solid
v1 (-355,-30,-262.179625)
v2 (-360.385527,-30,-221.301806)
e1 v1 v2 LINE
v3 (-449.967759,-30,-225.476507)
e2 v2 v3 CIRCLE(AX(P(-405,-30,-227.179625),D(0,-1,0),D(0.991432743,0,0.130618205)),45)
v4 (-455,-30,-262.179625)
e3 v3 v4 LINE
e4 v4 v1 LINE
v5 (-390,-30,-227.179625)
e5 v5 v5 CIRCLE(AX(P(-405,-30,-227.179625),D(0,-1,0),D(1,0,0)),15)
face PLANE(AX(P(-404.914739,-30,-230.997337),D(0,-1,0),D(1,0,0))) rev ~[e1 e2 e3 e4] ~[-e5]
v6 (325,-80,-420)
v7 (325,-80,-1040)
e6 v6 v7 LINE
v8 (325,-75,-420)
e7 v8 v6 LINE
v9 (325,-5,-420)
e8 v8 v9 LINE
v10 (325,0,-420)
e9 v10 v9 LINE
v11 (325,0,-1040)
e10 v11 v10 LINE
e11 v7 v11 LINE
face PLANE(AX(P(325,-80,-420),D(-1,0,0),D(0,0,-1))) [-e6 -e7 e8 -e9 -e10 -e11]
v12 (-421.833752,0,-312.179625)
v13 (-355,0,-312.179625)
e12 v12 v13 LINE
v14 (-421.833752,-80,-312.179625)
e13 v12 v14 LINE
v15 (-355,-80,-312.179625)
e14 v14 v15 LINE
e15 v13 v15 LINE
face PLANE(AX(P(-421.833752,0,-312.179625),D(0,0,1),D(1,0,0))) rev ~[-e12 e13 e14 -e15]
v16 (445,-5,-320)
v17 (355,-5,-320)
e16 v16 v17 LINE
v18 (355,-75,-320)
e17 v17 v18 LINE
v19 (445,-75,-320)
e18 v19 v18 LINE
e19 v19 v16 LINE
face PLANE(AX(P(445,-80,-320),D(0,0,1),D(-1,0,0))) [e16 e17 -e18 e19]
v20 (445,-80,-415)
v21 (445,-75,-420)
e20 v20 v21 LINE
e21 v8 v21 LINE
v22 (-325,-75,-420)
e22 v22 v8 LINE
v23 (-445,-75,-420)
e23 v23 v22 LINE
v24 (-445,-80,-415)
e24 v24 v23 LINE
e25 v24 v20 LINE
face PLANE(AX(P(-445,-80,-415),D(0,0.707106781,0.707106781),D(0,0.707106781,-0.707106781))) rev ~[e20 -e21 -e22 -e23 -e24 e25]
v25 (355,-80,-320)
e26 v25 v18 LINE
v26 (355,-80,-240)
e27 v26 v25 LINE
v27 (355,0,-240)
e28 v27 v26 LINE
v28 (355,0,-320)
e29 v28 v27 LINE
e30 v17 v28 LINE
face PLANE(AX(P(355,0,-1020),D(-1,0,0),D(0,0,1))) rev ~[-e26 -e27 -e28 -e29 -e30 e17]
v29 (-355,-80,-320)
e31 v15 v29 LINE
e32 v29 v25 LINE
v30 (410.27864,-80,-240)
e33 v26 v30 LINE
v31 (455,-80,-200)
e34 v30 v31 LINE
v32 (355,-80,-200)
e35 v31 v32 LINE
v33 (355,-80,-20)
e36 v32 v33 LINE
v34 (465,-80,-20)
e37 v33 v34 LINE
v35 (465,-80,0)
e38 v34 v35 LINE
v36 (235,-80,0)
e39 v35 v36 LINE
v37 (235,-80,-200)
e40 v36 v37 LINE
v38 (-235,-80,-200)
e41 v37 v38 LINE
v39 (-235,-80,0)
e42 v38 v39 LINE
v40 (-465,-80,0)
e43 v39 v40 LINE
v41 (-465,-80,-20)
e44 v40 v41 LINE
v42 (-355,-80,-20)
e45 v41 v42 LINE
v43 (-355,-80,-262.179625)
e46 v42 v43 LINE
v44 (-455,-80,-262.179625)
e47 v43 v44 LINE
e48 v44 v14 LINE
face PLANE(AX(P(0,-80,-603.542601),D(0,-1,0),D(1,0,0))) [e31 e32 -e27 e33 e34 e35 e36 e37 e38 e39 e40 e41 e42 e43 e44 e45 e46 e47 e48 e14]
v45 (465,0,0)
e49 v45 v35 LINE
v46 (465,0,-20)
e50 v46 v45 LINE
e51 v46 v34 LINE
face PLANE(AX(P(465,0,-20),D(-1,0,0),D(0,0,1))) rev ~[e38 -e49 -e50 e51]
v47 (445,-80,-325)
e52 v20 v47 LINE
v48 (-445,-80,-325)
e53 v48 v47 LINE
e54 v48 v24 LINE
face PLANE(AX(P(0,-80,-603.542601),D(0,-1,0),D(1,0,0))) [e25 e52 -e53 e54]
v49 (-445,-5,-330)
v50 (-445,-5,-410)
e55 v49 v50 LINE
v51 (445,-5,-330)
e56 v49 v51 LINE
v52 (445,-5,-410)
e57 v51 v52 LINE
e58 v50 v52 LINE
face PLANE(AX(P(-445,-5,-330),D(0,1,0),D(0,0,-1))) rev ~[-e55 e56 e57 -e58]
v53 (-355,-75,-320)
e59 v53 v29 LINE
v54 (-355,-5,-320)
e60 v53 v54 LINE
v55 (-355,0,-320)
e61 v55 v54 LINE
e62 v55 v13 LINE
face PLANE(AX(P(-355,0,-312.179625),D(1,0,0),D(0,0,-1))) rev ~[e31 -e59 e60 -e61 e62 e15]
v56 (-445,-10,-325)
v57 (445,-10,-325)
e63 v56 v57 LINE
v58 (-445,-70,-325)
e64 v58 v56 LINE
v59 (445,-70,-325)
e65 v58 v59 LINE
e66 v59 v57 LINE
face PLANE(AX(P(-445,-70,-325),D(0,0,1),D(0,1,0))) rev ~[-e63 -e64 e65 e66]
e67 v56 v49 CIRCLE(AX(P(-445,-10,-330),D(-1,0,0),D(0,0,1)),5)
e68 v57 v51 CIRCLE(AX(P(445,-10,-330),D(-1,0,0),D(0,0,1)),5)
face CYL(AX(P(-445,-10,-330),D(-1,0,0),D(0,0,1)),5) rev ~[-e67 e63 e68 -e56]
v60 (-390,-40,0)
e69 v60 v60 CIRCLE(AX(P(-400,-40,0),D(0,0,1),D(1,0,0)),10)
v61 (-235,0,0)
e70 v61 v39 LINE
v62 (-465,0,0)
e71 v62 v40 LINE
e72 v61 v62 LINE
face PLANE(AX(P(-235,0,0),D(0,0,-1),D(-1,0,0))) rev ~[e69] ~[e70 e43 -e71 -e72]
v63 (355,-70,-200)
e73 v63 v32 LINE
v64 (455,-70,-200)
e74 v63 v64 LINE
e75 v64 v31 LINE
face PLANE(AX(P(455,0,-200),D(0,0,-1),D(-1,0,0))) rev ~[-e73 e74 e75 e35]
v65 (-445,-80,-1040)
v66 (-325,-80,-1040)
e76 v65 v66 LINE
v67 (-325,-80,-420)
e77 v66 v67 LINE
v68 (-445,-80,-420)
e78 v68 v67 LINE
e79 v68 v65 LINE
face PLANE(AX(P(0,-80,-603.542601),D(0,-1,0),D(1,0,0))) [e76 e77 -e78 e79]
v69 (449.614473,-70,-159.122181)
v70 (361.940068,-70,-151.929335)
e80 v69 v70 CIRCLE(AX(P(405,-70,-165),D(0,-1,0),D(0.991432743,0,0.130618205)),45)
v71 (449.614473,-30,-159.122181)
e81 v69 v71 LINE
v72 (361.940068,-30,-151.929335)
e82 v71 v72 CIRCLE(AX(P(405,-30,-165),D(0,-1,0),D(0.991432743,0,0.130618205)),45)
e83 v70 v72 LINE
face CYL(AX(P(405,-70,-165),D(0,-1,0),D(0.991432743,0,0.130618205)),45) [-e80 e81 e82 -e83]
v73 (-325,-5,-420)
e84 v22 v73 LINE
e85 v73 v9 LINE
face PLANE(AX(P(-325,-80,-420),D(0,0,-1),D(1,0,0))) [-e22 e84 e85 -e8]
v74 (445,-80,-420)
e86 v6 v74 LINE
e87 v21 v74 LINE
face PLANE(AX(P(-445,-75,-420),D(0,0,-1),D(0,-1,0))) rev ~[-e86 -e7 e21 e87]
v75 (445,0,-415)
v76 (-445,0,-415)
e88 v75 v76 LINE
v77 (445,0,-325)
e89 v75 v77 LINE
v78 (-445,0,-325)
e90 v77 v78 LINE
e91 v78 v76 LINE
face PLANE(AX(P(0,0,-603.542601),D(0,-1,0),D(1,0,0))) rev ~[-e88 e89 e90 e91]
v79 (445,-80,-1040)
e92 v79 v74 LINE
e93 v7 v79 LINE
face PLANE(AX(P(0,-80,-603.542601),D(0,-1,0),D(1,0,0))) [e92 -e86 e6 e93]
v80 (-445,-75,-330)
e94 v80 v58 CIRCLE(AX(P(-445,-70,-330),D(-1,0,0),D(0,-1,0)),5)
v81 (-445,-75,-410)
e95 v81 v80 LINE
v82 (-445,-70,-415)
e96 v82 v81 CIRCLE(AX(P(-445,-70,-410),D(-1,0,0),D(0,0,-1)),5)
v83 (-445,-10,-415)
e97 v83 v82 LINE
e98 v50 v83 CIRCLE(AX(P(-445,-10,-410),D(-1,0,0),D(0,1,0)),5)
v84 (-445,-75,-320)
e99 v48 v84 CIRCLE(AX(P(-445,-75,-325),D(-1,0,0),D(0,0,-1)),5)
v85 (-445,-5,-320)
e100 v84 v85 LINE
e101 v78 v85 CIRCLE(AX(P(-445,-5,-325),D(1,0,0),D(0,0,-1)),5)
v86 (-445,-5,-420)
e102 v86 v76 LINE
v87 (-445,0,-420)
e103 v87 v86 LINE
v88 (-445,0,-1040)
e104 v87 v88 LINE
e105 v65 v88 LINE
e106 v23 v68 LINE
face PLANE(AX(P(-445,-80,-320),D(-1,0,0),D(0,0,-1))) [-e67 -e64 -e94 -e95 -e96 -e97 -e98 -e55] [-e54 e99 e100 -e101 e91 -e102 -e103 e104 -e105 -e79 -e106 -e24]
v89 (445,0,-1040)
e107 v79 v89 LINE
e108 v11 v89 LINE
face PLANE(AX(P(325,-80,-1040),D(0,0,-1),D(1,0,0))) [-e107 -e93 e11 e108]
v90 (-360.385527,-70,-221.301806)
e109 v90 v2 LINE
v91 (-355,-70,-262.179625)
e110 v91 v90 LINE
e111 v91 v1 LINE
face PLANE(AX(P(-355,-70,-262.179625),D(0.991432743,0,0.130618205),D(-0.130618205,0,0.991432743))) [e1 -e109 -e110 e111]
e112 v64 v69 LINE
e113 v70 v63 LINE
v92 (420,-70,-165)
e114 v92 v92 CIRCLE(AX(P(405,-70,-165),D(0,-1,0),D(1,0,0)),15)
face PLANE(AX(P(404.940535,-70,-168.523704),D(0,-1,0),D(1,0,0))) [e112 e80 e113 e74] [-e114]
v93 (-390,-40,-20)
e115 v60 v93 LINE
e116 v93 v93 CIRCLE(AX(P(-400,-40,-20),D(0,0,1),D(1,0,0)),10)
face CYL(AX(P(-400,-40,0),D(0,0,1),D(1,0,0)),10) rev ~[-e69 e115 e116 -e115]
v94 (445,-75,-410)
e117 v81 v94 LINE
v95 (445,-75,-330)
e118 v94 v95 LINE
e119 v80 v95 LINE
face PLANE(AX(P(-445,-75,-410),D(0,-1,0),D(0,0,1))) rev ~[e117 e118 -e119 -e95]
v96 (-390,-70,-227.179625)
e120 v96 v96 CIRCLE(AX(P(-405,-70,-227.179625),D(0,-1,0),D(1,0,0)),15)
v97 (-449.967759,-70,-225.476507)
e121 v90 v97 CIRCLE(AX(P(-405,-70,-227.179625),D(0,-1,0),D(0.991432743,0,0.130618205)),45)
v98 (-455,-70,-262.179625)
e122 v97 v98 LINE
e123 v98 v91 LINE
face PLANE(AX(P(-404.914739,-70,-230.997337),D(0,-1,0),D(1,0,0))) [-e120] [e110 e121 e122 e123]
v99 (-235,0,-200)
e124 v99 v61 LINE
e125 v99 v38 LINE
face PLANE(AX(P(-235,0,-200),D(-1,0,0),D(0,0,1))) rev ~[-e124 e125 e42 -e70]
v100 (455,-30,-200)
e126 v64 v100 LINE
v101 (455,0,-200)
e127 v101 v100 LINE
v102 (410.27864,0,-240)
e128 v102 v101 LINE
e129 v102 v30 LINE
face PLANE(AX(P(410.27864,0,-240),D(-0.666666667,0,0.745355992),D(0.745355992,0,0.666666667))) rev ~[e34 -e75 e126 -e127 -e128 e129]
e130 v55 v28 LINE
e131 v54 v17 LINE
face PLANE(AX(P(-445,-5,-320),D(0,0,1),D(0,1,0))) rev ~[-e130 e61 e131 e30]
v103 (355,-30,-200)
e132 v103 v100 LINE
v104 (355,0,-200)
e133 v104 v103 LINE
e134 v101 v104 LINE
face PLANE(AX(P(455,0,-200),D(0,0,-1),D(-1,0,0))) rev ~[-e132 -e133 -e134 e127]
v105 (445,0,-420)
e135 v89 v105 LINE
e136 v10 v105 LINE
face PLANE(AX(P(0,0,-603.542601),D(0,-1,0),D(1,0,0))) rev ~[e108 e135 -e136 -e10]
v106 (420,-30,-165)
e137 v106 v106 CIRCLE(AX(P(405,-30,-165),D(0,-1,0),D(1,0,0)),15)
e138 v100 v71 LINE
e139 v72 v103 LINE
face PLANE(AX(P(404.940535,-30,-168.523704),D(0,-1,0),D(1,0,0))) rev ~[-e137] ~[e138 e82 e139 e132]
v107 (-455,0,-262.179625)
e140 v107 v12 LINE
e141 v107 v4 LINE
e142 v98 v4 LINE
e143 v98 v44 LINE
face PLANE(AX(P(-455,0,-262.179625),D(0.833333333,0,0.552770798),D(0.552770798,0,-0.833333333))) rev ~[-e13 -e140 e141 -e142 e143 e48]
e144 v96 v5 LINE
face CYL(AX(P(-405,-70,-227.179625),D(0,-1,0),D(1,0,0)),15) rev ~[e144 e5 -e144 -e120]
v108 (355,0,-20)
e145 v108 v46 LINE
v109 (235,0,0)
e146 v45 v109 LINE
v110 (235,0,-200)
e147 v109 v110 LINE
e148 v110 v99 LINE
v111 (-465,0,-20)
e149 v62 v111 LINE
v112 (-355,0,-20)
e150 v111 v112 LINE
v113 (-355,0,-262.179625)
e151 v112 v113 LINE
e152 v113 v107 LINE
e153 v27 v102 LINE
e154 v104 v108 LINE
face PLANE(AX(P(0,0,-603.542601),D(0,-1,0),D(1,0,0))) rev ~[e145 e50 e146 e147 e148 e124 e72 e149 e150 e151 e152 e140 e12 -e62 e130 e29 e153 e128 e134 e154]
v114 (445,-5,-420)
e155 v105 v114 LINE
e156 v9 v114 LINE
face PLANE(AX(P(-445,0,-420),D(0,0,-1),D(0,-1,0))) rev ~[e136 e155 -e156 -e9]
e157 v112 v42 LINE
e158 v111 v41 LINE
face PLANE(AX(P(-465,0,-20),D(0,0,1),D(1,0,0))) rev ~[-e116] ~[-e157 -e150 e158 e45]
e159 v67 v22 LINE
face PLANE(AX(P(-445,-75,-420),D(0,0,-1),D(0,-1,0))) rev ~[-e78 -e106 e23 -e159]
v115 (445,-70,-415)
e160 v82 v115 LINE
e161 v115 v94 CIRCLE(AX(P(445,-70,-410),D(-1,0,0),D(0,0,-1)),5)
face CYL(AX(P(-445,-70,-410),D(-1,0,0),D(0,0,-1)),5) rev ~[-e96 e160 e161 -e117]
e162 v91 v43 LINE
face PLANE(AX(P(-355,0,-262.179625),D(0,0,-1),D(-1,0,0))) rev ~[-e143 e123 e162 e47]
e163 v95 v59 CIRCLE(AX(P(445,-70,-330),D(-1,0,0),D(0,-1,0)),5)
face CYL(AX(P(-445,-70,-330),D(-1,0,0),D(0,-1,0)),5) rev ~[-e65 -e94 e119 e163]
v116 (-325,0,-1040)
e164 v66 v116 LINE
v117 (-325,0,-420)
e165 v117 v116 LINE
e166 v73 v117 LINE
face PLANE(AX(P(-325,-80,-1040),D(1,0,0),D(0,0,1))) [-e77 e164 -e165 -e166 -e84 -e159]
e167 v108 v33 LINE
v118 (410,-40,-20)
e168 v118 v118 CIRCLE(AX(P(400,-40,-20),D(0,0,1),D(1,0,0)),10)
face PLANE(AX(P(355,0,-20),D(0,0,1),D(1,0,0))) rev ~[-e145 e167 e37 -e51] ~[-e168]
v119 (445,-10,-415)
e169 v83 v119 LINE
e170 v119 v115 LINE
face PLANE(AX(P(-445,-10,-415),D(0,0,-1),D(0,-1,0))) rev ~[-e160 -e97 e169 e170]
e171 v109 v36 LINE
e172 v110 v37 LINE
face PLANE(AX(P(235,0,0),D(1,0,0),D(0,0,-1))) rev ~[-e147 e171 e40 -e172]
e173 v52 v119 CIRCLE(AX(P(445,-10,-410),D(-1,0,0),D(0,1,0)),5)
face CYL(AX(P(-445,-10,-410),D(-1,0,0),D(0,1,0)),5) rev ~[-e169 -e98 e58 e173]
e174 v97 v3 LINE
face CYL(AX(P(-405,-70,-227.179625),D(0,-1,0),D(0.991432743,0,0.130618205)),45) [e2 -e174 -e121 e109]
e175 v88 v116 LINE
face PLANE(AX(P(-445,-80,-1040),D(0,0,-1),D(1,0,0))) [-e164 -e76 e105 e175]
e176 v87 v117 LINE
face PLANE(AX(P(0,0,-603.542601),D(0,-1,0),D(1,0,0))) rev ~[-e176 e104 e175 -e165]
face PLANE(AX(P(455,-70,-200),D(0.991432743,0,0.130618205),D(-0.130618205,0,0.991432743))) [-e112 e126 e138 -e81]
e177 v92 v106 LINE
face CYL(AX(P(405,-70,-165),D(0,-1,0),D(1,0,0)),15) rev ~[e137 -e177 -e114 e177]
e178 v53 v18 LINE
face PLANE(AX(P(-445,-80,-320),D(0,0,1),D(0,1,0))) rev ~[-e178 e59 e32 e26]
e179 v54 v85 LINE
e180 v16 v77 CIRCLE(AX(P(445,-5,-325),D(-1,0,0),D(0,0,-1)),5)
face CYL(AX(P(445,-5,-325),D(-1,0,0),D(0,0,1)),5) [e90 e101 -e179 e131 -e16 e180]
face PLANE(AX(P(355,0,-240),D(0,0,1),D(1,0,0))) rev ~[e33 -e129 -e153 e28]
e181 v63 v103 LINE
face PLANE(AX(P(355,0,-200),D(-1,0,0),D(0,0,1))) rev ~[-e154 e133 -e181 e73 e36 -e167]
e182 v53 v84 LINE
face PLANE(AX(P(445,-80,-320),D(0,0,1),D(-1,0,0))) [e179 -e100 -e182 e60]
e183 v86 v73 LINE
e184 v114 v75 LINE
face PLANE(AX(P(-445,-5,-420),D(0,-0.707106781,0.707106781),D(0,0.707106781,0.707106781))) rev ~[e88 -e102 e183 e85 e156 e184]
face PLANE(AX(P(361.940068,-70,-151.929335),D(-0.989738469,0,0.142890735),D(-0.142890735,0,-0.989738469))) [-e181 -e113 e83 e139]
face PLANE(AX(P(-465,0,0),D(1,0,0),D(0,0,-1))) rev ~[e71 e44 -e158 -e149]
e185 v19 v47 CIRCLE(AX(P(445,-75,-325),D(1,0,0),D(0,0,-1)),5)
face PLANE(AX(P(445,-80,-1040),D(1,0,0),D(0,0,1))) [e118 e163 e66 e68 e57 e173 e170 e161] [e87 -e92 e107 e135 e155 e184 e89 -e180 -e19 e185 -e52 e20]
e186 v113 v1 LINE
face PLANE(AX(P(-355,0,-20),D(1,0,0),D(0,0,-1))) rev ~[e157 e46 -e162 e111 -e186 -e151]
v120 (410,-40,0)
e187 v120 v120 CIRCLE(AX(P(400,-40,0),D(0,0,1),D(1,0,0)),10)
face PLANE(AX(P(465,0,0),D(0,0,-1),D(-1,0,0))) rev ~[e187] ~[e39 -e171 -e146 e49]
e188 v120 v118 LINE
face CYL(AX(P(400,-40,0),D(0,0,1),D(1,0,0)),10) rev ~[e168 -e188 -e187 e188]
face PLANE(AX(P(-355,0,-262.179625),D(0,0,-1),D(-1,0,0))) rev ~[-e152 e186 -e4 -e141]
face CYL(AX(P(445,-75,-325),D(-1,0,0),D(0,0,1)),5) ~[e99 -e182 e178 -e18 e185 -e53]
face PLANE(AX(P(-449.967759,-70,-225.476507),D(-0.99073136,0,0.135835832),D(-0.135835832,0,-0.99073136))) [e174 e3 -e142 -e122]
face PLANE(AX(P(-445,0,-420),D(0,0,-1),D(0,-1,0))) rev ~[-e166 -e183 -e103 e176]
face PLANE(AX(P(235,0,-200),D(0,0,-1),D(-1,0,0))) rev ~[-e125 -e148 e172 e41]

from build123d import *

# Parameters (mm, degrees)
F0_W      = 470
F0_H      = 400
F0_W_2    = 60
F0_H_2    = 20
F1_DEPTH  = 80
F2_W      = 989.0920937061
F2_H      = 720
F3_DEPTH  = 80
F4_R      = 10
F5_DEPTH  = 25
F7_START  = -10
F6_R      = 15
F7_DEPTH  = 40
F10_DEPTH = 80
F12_DEPTH = 890
F13_R     = 5
F15_DEPTH = 890
F17_DEPTH = 890


with BuildPart() as f1:
    # F0 (on Front) → F1 (new body)
    with BuildSketch(Plane.XZ):
        Polygon((-235, 0), (-355, 0), (-465, 0), (-465, -20), (-355, -20), (-355, -262.1796250343), (-455, -262.1796250343), (-421.8337520964, -312.1796250343), (-355, -312.1796250343), (-355, -1020), (-355, -1040), (-235, -1040), (-235, -840), (235, -840), (235, -1040), (355, -1040), (355, -1020), (355, -240), (410.27864045, -240), (455, -200), (355, -200), (355, -20), (465, -20), (465, 0), (355, 0), (235, 0), (235, -200), (-235, -200), align=None)
        with Locations((0, -520)):
            Rectangle(F0_W, F0_H, mode=Mode.SUBTRACT)
        with Locations((-385, -1030)):
            Rectangle(F0_W_2, F0_H_2)
        with Locations((385, -1030)):
            Rectangle(F0_W_2, F0_H_2)
    extrude(amount=F1_DEPTH)

    # F2 (on face) → F3 (cut)
    with BuildSketch(Plane.XZ.offset(80)):
        with Locations((42.8487956524, -680)):
            Rectangle(F2_W, F2_H)
    extrude(amount=-F3_DEPTH, mode=Mode.SUBTRACT)

    # F4 (on face) → F5 (cut)
    with BuildSketch(Plane.XY):
        with Locations((-400, -40)):
            Circle(F4_R)
        with Locations((400, -40)):
            Circle(F4_R)
    extrude(amount=-F5_DEPTH, mode=Mode.SUBTRACT)

    # F6 (on face) → F7 (join)
    with BuildSketch(Plane.XZ.offset(80).offset(F7_START)):
        with BuildLine():
            Line((-355, -262.1796250343), (-360.3855265494, -221.3018058192))
            ThreePointArc((-360.3855265494, -221.3018058192), (-407.0948116692, -182.2284096551), (-449.9677594515, -225.4765073318))
            Line((-449.9677594515, -225.4765073318), (-455, -262.1796250343))
            Line((-455, -262.1796250343), (-355, -262.1796250343))
        make_face()
        with Locations((-405, -227.1796250343)):
            Circle(F6_R, mode=Mode.SUBTRACT)
        with BuildLine():
            Line((355, -200), (455, -200))
            Line((455, -200), (449.6144734506, -159.1221807849))
            ThreePointArc((449.6144734506, -159.1221807849), (408.6794577223, -120.1506790367), (361.9400684353, -151.9293346135))
            Line((361.9400684353, -151.9293346135), (355, -200))
        make_face()
        with Locations((405, -165)):
            Circle(F6_R, mode=Mode.SUBTRACT)
    extrude(amount=-F7_DEPTH)

    # F9 (on face) → F10 (join)
    with BuildSketch(Plane.XZ.offset(80)):
        Polygon((445, -320), (-445, -320), (-445, -420), (-445, -1040), (-325, -1040), (-325, -420), (325, -420), (325, -1040), (445, -1040), (445, -420), align=None)
    extrude(amount=-F10_DEPTH)

    # F11 (on face) → F12 (cut)
    with BuildSketch(Plane(origin=(-445, 0, 0), x_dir=(0, -1, 0), z_dir=(-1, 0, 0))):
        with BuildLine():
            Line((70, -325), (10, -325))
            ThreePointArc((10, -325), (6.4644660941, -326.4644660941), (5, -330))
            Line((5, -330), (5, -410))
            ThreePointArc((5, -410), (6.4644660941, -413.5355339059), (10, -415))
            Line((10, -415), (70, -415))
            ThreePointArc((70, -415), (73.5355339059, -413.5355339059), (75, -410))
            Line((75, -410), (75, -330))
            ThreePointArc((75, -330), (73.5355339059, -326.4644660941), (70, -325))
        make_face()
    extrude(amount=-F12_DEPTH, mode=Mode.SUBTRACT)

    # F13
    f13_edges = [f1.edges().sort_by_distance(p)[0] for p in [
        (-400, -80, -320),
        (-400, 0, -320),
        (0, -80, -420),
        (0, 0, -420),
        (400, -80, -320),
        (400, 0, -320),
    ]]
    fillet(f13_edges, radius=F13_R)

    # F14 (on face) → F15 (cut)
    with BuildSketch(Plane(origin=(-445, 0, 0), x_dir=(0, -1, 0), z_dir=(-1, 0, 0))):
        Polygon((75, -420), (80, -420), (80, -415), align=None)
        Polygon((0, -415), (0, -420), (5, -420), align=None)
    extrude(amount=-F15_DEPTH, mode=Mode.SUBTRACT)

    # F16 (on face) → F17 (cut)
    with BuildSketch(Plane(origin=(-445, 0, 0), x_dir=(0, -1, 0), z_dir=(-1, 0, 0))):
        with BuildLine():
            ThreePointArc((75, -320), (78.5355339059, -321.4644660941), (80, -325))
            Line((80, -325), (80, -320))
            Line((80, -320), (75, -320))
        make_face()
        with BuildLine():
            ThreePointArc((0, -325), (1.4644660941, -321.4644660941), (5, -320))
            Line((5, -320), (0, -320))
            Line((0, -320), (0, -325))
        make_face()
    extrude(amount=-F17_DEPTH, mode=Mode.SUBTRACT)


solid = f1.part
